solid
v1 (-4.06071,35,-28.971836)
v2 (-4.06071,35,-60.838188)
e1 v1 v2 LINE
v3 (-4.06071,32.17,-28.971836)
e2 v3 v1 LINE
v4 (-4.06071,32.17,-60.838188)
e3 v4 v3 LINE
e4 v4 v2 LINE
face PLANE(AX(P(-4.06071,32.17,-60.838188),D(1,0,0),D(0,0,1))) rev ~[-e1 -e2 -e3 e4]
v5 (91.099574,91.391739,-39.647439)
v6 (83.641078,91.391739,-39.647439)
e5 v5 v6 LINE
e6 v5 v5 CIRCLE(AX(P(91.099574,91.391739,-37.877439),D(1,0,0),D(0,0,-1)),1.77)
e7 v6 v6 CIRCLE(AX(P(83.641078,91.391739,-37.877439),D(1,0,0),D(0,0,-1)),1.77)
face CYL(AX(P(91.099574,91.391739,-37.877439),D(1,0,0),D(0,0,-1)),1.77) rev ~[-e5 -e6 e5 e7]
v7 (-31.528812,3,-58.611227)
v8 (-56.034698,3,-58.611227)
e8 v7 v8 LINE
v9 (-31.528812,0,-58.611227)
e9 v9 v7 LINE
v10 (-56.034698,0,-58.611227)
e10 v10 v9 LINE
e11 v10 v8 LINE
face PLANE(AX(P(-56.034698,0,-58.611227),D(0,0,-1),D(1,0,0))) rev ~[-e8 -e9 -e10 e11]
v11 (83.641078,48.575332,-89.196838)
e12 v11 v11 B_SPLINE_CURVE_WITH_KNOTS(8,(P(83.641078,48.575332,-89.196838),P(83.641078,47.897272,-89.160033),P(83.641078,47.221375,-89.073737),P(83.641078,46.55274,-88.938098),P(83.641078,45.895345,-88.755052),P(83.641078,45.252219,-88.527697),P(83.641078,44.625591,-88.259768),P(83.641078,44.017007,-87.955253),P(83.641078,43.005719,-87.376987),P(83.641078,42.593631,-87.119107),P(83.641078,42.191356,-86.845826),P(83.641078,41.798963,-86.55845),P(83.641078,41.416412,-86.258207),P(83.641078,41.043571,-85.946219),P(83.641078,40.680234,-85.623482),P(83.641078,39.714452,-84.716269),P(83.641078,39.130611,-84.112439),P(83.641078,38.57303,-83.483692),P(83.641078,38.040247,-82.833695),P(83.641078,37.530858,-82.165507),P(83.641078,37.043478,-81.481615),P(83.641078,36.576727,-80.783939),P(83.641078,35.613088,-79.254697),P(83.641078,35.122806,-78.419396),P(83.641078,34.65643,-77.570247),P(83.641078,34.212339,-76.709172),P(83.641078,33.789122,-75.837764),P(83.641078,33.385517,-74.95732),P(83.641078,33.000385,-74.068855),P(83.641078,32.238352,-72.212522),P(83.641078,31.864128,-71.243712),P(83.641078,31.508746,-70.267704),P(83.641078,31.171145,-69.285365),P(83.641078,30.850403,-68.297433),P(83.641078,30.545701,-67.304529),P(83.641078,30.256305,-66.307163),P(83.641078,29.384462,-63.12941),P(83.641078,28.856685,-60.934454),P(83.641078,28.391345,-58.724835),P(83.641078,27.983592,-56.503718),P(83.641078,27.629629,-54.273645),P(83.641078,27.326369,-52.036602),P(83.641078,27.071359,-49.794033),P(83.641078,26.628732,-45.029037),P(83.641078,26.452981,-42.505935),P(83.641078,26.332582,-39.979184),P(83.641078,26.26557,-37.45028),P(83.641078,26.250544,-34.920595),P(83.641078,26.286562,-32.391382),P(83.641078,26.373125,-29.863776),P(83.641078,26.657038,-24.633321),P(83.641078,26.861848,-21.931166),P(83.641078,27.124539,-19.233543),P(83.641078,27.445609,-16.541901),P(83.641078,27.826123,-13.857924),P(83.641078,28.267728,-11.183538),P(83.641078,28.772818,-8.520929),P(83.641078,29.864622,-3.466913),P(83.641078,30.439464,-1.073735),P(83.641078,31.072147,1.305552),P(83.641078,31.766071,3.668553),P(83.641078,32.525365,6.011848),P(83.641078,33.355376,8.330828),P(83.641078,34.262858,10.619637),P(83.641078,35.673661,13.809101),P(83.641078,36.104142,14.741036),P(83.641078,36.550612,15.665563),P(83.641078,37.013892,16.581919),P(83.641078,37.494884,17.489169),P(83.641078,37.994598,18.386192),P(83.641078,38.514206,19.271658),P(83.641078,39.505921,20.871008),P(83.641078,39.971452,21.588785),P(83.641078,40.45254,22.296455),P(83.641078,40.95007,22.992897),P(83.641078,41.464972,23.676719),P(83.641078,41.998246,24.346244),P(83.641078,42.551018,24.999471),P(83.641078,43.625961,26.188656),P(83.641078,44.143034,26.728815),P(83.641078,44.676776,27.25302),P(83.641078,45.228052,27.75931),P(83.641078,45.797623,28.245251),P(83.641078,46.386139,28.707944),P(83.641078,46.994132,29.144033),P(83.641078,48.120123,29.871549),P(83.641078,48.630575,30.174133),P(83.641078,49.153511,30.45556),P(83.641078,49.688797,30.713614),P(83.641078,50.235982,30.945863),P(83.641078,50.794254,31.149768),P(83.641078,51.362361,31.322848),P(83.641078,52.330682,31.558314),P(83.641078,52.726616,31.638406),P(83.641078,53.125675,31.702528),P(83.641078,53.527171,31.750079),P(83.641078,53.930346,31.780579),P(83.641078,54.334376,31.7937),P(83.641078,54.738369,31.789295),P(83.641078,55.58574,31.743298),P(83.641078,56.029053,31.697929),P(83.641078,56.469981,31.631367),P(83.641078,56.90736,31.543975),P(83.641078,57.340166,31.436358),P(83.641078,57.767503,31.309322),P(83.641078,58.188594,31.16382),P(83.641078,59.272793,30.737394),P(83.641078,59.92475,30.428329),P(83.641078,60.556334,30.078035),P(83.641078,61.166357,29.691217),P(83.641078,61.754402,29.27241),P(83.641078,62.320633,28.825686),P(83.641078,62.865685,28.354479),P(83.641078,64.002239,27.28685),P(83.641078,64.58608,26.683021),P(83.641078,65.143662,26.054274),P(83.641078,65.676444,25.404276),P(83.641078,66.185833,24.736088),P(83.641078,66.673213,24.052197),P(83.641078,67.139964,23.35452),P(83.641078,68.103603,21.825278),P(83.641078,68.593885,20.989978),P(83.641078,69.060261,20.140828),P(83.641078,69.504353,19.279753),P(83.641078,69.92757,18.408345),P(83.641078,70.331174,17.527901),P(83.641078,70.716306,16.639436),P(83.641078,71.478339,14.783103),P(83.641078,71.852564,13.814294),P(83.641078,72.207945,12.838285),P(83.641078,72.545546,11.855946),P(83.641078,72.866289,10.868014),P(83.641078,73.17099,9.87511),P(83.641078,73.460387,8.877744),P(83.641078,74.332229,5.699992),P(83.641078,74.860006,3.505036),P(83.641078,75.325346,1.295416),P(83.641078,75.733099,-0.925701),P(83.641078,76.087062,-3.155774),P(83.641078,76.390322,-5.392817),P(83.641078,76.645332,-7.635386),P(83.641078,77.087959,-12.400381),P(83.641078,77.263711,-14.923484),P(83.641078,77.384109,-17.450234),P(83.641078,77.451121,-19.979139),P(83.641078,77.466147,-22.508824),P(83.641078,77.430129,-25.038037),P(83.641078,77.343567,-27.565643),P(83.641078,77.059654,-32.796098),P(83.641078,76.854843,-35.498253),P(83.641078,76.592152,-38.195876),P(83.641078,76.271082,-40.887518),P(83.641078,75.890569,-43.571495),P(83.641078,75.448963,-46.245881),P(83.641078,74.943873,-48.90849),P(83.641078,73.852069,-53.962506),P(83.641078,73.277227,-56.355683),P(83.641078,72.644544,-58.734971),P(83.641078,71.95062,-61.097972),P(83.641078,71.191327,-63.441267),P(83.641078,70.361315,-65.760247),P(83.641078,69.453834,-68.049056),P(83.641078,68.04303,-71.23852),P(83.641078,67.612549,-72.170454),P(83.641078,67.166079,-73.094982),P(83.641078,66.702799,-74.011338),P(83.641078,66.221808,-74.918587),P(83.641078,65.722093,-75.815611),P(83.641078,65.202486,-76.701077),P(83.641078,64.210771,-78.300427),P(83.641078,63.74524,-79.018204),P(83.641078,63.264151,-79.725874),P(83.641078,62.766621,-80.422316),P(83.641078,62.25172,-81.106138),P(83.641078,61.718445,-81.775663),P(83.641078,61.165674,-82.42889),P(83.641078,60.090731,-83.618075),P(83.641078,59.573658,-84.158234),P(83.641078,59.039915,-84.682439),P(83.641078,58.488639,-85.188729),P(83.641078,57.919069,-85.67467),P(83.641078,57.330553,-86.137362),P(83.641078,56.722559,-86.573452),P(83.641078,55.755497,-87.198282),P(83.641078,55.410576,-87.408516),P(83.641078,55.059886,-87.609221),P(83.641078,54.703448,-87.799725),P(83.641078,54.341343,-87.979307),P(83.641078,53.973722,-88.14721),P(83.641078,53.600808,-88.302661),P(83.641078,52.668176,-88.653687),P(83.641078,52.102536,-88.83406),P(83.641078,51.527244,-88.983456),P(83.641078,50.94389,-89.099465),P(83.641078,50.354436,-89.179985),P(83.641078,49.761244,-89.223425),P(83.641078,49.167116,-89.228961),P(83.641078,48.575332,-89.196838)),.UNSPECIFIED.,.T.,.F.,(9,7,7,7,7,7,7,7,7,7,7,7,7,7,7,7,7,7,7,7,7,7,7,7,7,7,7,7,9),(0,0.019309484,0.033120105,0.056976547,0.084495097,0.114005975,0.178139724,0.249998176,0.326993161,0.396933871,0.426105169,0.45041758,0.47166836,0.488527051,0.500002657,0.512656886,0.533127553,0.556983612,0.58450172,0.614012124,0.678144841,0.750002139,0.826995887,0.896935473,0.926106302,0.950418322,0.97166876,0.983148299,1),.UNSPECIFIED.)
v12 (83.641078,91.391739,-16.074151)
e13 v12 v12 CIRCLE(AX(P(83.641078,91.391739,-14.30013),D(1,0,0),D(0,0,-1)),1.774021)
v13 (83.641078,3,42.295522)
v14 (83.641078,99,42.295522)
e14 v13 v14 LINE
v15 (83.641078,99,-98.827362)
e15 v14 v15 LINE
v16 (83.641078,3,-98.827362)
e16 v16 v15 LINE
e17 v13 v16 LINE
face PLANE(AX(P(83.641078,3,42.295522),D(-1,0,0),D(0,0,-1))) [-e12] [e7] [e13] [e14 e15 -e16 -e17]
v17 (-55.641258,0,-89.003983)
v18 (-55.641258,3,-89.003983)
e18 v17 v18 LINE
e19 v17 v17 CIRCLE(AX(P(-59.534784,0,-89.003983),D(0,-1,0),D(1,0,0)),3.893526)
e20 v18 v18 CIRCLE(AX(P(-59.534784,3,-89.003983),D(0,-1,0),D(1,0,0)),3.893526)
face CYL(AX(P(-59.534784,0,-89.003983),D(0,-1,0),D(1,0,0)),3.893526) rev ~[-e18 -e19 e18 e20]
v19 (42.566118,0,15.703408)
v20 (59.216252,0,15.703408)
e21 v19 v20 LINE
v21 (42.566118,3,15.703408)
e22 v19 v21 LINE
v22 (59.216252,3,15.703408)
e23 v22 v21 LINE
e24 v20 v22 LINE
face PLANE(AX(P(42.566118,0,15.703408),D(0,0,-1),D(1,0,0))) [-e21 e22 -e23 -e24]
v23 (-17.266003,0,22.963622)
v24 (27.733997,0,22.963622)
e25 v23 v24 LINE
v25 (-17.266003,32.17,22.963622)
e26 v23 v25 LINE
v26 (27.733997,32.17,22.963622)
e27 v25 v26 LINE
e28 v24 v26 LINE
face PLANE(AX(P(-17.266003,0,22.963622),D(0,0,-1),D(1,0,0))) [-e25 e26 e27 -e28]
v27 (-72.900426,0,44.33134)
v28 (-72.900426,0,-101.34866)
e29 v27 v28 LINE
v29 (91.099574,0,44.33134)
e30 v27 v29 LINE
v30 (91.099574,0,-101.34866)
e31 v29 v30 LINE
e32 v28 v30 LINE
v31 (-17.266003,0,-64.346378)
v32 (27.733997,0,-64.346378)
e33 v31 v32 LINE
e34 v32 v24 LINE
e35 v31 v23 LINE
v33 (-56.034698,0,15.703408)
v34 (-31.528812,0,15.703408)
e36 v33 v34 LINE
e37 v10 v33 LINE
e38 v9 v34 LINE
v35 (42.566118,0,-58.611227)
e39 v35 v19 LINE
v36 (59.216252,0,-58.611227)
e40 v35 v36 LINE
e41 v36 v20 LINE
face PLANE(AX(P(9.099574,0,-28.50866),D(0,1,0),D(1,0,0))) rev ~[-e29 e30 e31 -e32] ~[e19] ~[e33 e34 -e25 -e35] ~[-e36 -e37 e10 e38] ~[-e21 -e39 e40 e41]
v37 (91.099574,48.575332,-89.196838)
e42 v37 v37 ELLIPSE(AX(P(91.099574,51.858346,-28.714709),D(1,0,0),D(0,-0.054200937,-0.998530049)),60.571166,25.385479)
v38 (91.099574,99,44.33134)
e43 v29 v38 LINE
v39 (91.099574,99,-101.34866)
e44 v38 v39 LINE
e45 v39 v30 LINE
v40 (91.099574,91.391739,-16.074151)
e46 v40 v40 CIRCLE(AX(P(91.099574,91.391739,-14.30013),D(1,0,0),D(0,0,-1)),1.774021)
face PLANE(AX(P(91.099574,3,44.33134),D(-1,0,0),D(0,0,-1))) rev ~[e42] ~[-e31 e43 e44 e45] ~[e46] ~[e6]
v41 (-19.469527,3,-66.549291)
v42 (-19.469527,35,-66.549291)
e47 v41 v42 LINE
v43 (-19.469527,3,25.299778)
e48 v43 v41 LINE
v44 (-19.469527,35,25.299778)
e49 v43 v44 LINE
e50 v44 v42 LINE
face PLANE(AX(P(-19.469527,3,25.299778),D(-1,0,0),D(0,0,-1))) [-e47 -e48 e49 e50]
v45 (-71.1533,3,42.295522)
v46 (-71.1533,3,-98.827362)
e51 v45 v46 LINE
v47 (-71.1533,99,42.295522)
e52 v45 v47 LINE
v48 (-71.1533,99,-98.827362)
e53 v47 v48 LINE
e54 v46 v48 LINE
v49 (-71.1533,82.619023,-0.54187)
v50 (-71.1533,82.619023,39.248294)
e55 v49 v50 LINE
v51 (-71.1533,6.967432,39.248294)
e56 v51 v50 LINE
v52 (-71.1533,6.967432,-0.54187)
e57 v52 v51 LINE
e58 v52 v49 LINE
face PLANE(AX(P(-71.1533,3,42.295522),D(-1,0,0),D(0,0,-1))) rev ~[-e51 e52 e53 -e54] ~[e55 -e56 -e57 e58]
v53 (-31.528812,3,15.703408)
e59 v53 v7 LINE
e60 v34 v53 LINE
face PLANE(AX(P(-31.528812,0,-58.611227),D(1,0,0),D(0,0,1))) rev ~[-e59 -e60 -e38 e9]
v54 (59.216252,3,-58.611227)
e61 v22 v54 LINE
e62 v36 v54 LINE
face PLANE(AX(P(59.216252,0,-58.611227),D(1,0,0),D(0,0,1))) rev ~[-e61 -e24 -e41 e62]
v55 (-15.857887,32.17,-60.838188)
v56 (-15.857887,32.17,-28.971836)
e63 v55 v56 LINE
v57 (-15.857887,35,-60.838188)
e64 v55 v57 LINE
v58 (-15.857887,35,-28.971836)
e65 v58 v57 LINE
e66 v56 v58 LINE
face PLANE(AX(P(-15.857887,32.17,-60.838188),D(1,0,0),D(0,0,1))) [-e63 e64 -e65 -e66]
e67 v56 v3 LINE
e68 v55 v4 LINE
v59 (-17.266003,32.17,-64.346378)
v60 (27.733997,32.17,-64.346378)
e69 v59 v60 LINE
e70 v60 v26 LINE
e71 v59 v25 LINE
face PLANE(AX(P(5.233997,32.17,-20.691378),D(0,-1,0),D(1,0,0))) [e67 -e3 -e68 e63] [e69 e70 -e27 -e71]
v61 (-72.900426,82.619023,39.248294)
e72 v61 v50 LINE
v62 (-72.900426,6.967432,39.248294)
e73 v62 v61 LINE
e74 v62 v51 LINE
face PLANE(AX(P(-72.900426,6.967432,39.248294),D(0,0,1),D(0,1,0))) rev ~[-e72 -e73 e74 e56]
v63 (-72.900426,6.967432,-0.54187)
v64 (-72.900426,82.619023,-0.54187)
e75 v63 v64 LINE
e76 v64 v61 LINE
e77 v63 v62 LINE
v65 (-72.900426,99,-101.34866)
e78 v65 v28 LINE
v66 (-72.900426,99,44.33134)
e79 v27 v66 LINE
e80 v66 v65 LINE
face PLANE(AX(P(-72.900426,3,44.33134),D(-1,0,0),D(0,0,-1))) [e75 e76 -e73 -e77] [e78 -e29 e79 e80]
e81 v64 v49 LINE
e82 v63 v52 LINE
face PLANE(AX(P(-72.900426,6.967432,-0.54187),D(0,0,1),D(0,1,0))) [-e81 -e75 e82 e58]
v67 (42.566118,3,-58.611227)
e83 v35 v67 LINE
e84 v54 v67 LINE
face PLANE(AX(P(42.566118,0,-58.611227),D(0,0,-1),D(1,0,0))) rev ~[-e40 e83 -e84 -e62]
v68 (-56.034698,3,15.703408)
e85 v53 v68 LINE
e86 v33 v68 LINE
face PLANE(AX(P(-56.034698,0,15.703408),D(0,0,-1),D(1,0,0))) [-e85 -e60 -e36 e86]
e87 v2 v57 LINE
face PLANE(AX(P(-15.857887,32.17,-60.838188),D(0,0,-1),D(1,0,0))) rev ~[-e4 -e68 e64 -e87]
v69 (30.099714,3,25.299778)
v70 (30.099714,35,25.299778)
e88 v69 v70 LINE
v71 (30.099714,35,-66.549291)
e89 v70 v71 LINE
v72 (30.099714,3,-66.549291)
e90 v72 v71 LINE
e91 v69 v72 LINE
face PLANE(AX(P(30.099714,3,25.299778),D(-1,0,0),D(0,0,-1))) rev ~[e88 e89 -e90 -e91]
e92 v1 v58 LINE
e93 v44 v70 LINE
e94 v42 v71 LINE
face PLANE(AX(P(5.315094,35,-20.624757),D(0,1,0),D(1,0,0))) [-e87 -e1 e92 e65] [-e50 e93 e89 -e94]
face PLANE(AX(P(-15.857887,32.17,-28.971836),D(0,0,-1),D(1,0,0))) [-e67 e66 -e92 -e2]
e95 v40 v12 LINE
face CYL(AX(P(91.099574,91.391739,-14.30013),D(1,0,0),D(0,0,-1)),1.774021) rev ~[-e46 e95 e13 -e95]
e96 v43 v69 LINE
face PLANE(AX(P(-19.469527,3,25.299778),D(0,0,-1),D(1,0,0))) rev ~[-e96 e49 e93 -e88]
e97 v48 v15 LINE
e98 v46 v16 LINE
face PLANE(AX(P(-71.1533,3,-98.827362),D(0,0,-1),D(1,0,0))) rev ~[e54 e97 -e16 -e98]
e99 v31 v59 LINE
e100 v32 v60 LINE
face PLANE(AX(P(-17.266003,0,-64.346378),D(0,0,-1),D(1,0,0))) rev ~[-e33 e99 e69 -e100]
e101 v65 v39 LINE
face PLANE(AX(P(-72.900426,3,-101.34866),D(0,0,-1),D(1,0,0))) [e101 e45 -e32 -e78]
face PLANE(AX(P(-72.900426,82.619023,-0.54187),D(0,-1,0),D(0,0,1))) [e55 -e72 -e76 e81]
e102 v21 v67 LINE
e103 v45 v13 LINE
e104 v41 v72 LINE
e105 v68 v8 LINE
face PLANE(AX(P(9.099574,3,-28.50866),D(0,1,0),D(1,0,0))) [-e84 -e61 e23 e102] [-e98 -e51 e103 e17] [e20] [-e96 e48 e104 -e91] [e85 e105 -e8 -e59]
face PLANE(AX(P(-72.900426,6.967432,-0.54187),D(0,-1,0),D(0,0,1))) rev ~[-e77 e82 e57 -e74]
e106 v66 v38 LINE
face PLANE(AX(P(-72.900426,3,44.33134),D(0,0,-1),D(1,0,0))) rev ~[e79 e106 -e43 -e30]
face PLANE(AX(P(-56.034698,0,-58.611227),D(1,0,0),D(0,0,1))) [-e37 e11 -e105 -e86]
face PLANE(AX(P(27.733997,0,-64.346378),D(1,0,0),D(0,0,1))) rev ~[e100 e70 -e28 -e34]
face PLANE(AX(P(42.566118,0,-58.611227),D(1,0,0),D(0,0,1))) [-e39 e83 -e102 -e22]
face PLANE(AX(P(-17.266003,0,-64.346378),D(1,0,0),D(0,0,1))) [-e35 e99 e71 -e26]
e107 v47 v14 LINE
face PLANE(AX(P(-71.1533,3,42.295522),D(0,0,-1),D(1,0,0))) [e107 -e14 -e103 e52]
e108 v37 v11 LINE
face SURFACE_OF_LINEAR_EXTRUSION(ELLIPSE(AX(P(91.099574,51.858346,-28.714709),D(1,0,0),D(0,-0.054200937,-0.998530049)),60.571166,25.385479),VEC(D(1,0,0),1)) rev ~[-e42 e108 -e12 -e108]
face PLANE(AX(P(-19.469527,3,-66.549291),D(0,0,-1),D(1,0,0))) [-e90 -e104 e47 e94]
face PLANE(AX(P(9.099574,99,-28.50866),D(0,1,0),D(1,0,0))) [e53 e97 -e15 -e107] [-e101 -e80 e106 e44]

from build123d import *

# Parameters (mm, degrees)
SKETCH1_W           = 164
SKETCH1_H           = 145.68
BOSS_EXTRUDE1_DEPTH = 3
SKETCH2_W           = 164
SKETCH2_H           = 145.68
SKETCH2_W_2         = 154.794377853
SKETCH2_H_2         = 141.122884214
BOSS_EXTRUDE2_DEPTH = 96
SKETCH4_RX          = 60.571165747
SKETCH4_RY          = 25.38547853
CUT_EXTRUDE1_DEPTH  = 20
SKETCH6_W           = 39.790164022
SKETCH6_H           = 75.651590962
CUT_EXTRUDE3_DEPTH  = 20
SKETCH8_W           = 49.5692413
SKETCH8_H           = 91.849069086
BOSS_EXTRUDE3_DEPTH = 32
SKETCH7_W           = 45
SKETCH7_H           = 87.31
CUT_EXTRUDE4_DEPTH  = 32.17
SKETCH9_W           = 11.79717637
SKETCH9_H           = 31.86635219
CUT_EXTRUDE5_DEPTH  = 40
SKETCH11_W          = 16.650134538
SKETCH11_H          = 74.314635754
SKETCH11_W_2        = 24.505886262
CUT_EXTRUDE7_DEPTH  = 40
SKETCH12_R          = 1.77
SKETCH12_R_2        = 1.774021332
CUT_EXTRUDE8_DEPTH  = 40
SKETCH13_R          = 3.893526171
CUT_EXTRUDE9_DEPTH  = 40


with BuildPart() as part:
    # Sketch1 → Boss-Extrude1 (new body)
    with BuildSketch(Plane(origin=(0, 0, 0), x_dir=(1, 0, 0), z_dir=(0, 1, 0))):
        with Locations((9.099573667, 28.508659662)):
            Rectangle(SKETCH1_W, SKETCH1_H)
    extrude(amount=BOSS_EXTRUDE1_DEPTH)

    # Sketch2 → Boss-Extrude2 (add)
    with BuildSketch(Plane(origin=(0, 3, 0), x_dir=(1, 0, 0), z_dir=(0, 1, 0))):
        with Locations((9.099573667, 28.508659662)):
            Rectangle(SKETCH2_W, SKETCH2_H)
        with Locations((6.2438887, 28.265919971)):
            Rectangle(SKETCH2_W_2, SKETCH2_H_2, mode=Mode.SUBTRACT)
    extrude(amount=BOSS_EXTRUDE2_DEPTH)

    # Sketch4 → Cut-Extrude1 (cut)
    with BuildSketch(Plane(origin=(91.099573667, 0, 0), x_dir=(0, 0, -1), z_dir=(1, 0, 0))):
        with Locations(Location((28.714709394, 51.858345631), (0, 0, -3.107007487))):
            Ellipse(SKETCH4_RX, SKETCH4_RY)
    extrude(amount=-CUT_EXTRUDE1_DEPTH, mode=Mode.SUBTRACT)

    # Sketch6 → Cut-Extrude3 (cut)
    with BuildSketch(Plane.ZY.offset(72.900426333)):
        with Locations((19.353212204, 44.793227562)):
            Rectangle(SKETCH6_W, SKETCH6_H)
    extrude(amount=-CUT_EXTRUDE3_DEPTH, mode=Mode.SUBTRACT)

    # Sketch8 → Boss-Extrude3 (add)
    with BuildSketch(Plane(origin=(0, 3, 0), x_dir=(1, 0, 0), z_dir=(0, 1, 0))):
        with Locations((5.315093732, 20.62475692)):
            Rectangle(SKETCH8_W, SKETCH8_H)
    extrude(amount=BOSS_EXTRUDE3_DEPTH)

    # Sketch7 → Cut-Extrude4 (cut)
    with BuildSketch(Plane.XZ):
        with Locations((5.233997278, -20.691377503)):
            Rectangle(SKETCH7_W, SKETCH7_H)
    extrude(amount=-CUT_EXTRUDE4_DEPTH, mode=Mode.SUBTRACT)

    # Sketch9 → Cut-Extrude5 (cut)
    with BuildSketch(Plane.XZ.offset(-32.17)):
        with Locations((-9.959298471, -44.905011983)):
            Rectangle(SKETCH9_W, SKETCH9_H)
    extrude(amount=-CUT_EXTRUDE5_DEPTH, mode=Mode.SUBTRACT)

    # Sketch11 → Cut-Extrude7 (cut)
    with BuildSketch(Plane.XZ):
        with Locations((50.891184892, -21.453909531)):
            Rectangle(SKETCH11_W, SKETCH11_H)
        with Locations((-43.781754887, -21.453909531)):
            Rectangle(SKETCH11_W_2, SKETCH11_H)
    extrude(amount=-CUT_EXTRUDE7_DEPTH, mode=Mode.SUBTRACT)

    # Sketch12 → Cut-Extrude8 (cut)
    with BuildSketch(Plane(origin=(91.099573667, 0, 0), x_dir=(0, 0, -1), z_dir=(1, 0, 0))):
        with Locations((37.87743885, 91.391738709)):
            Circle(SKETCH12_R)
        with Locations((14.300129623, 91.391738709)):
            Circle(SKETCH12_R_2)
    extrude(amount=-CUT_EXTRUDE8_DEPTH, mode=Mode.SUBTRACT)

    # Sketch13 → Cut-Extrude9 (cut)
    with BuildSketch(Plane.XZ):
        with Locations((-59.534784008, -89.003983448)):
            Circle(SKETCH13_R)
    extrude(amount=-CUT_EXTRUDE9_DEPTH, mode=Mode.SUBTRACT)


solid = part.part
